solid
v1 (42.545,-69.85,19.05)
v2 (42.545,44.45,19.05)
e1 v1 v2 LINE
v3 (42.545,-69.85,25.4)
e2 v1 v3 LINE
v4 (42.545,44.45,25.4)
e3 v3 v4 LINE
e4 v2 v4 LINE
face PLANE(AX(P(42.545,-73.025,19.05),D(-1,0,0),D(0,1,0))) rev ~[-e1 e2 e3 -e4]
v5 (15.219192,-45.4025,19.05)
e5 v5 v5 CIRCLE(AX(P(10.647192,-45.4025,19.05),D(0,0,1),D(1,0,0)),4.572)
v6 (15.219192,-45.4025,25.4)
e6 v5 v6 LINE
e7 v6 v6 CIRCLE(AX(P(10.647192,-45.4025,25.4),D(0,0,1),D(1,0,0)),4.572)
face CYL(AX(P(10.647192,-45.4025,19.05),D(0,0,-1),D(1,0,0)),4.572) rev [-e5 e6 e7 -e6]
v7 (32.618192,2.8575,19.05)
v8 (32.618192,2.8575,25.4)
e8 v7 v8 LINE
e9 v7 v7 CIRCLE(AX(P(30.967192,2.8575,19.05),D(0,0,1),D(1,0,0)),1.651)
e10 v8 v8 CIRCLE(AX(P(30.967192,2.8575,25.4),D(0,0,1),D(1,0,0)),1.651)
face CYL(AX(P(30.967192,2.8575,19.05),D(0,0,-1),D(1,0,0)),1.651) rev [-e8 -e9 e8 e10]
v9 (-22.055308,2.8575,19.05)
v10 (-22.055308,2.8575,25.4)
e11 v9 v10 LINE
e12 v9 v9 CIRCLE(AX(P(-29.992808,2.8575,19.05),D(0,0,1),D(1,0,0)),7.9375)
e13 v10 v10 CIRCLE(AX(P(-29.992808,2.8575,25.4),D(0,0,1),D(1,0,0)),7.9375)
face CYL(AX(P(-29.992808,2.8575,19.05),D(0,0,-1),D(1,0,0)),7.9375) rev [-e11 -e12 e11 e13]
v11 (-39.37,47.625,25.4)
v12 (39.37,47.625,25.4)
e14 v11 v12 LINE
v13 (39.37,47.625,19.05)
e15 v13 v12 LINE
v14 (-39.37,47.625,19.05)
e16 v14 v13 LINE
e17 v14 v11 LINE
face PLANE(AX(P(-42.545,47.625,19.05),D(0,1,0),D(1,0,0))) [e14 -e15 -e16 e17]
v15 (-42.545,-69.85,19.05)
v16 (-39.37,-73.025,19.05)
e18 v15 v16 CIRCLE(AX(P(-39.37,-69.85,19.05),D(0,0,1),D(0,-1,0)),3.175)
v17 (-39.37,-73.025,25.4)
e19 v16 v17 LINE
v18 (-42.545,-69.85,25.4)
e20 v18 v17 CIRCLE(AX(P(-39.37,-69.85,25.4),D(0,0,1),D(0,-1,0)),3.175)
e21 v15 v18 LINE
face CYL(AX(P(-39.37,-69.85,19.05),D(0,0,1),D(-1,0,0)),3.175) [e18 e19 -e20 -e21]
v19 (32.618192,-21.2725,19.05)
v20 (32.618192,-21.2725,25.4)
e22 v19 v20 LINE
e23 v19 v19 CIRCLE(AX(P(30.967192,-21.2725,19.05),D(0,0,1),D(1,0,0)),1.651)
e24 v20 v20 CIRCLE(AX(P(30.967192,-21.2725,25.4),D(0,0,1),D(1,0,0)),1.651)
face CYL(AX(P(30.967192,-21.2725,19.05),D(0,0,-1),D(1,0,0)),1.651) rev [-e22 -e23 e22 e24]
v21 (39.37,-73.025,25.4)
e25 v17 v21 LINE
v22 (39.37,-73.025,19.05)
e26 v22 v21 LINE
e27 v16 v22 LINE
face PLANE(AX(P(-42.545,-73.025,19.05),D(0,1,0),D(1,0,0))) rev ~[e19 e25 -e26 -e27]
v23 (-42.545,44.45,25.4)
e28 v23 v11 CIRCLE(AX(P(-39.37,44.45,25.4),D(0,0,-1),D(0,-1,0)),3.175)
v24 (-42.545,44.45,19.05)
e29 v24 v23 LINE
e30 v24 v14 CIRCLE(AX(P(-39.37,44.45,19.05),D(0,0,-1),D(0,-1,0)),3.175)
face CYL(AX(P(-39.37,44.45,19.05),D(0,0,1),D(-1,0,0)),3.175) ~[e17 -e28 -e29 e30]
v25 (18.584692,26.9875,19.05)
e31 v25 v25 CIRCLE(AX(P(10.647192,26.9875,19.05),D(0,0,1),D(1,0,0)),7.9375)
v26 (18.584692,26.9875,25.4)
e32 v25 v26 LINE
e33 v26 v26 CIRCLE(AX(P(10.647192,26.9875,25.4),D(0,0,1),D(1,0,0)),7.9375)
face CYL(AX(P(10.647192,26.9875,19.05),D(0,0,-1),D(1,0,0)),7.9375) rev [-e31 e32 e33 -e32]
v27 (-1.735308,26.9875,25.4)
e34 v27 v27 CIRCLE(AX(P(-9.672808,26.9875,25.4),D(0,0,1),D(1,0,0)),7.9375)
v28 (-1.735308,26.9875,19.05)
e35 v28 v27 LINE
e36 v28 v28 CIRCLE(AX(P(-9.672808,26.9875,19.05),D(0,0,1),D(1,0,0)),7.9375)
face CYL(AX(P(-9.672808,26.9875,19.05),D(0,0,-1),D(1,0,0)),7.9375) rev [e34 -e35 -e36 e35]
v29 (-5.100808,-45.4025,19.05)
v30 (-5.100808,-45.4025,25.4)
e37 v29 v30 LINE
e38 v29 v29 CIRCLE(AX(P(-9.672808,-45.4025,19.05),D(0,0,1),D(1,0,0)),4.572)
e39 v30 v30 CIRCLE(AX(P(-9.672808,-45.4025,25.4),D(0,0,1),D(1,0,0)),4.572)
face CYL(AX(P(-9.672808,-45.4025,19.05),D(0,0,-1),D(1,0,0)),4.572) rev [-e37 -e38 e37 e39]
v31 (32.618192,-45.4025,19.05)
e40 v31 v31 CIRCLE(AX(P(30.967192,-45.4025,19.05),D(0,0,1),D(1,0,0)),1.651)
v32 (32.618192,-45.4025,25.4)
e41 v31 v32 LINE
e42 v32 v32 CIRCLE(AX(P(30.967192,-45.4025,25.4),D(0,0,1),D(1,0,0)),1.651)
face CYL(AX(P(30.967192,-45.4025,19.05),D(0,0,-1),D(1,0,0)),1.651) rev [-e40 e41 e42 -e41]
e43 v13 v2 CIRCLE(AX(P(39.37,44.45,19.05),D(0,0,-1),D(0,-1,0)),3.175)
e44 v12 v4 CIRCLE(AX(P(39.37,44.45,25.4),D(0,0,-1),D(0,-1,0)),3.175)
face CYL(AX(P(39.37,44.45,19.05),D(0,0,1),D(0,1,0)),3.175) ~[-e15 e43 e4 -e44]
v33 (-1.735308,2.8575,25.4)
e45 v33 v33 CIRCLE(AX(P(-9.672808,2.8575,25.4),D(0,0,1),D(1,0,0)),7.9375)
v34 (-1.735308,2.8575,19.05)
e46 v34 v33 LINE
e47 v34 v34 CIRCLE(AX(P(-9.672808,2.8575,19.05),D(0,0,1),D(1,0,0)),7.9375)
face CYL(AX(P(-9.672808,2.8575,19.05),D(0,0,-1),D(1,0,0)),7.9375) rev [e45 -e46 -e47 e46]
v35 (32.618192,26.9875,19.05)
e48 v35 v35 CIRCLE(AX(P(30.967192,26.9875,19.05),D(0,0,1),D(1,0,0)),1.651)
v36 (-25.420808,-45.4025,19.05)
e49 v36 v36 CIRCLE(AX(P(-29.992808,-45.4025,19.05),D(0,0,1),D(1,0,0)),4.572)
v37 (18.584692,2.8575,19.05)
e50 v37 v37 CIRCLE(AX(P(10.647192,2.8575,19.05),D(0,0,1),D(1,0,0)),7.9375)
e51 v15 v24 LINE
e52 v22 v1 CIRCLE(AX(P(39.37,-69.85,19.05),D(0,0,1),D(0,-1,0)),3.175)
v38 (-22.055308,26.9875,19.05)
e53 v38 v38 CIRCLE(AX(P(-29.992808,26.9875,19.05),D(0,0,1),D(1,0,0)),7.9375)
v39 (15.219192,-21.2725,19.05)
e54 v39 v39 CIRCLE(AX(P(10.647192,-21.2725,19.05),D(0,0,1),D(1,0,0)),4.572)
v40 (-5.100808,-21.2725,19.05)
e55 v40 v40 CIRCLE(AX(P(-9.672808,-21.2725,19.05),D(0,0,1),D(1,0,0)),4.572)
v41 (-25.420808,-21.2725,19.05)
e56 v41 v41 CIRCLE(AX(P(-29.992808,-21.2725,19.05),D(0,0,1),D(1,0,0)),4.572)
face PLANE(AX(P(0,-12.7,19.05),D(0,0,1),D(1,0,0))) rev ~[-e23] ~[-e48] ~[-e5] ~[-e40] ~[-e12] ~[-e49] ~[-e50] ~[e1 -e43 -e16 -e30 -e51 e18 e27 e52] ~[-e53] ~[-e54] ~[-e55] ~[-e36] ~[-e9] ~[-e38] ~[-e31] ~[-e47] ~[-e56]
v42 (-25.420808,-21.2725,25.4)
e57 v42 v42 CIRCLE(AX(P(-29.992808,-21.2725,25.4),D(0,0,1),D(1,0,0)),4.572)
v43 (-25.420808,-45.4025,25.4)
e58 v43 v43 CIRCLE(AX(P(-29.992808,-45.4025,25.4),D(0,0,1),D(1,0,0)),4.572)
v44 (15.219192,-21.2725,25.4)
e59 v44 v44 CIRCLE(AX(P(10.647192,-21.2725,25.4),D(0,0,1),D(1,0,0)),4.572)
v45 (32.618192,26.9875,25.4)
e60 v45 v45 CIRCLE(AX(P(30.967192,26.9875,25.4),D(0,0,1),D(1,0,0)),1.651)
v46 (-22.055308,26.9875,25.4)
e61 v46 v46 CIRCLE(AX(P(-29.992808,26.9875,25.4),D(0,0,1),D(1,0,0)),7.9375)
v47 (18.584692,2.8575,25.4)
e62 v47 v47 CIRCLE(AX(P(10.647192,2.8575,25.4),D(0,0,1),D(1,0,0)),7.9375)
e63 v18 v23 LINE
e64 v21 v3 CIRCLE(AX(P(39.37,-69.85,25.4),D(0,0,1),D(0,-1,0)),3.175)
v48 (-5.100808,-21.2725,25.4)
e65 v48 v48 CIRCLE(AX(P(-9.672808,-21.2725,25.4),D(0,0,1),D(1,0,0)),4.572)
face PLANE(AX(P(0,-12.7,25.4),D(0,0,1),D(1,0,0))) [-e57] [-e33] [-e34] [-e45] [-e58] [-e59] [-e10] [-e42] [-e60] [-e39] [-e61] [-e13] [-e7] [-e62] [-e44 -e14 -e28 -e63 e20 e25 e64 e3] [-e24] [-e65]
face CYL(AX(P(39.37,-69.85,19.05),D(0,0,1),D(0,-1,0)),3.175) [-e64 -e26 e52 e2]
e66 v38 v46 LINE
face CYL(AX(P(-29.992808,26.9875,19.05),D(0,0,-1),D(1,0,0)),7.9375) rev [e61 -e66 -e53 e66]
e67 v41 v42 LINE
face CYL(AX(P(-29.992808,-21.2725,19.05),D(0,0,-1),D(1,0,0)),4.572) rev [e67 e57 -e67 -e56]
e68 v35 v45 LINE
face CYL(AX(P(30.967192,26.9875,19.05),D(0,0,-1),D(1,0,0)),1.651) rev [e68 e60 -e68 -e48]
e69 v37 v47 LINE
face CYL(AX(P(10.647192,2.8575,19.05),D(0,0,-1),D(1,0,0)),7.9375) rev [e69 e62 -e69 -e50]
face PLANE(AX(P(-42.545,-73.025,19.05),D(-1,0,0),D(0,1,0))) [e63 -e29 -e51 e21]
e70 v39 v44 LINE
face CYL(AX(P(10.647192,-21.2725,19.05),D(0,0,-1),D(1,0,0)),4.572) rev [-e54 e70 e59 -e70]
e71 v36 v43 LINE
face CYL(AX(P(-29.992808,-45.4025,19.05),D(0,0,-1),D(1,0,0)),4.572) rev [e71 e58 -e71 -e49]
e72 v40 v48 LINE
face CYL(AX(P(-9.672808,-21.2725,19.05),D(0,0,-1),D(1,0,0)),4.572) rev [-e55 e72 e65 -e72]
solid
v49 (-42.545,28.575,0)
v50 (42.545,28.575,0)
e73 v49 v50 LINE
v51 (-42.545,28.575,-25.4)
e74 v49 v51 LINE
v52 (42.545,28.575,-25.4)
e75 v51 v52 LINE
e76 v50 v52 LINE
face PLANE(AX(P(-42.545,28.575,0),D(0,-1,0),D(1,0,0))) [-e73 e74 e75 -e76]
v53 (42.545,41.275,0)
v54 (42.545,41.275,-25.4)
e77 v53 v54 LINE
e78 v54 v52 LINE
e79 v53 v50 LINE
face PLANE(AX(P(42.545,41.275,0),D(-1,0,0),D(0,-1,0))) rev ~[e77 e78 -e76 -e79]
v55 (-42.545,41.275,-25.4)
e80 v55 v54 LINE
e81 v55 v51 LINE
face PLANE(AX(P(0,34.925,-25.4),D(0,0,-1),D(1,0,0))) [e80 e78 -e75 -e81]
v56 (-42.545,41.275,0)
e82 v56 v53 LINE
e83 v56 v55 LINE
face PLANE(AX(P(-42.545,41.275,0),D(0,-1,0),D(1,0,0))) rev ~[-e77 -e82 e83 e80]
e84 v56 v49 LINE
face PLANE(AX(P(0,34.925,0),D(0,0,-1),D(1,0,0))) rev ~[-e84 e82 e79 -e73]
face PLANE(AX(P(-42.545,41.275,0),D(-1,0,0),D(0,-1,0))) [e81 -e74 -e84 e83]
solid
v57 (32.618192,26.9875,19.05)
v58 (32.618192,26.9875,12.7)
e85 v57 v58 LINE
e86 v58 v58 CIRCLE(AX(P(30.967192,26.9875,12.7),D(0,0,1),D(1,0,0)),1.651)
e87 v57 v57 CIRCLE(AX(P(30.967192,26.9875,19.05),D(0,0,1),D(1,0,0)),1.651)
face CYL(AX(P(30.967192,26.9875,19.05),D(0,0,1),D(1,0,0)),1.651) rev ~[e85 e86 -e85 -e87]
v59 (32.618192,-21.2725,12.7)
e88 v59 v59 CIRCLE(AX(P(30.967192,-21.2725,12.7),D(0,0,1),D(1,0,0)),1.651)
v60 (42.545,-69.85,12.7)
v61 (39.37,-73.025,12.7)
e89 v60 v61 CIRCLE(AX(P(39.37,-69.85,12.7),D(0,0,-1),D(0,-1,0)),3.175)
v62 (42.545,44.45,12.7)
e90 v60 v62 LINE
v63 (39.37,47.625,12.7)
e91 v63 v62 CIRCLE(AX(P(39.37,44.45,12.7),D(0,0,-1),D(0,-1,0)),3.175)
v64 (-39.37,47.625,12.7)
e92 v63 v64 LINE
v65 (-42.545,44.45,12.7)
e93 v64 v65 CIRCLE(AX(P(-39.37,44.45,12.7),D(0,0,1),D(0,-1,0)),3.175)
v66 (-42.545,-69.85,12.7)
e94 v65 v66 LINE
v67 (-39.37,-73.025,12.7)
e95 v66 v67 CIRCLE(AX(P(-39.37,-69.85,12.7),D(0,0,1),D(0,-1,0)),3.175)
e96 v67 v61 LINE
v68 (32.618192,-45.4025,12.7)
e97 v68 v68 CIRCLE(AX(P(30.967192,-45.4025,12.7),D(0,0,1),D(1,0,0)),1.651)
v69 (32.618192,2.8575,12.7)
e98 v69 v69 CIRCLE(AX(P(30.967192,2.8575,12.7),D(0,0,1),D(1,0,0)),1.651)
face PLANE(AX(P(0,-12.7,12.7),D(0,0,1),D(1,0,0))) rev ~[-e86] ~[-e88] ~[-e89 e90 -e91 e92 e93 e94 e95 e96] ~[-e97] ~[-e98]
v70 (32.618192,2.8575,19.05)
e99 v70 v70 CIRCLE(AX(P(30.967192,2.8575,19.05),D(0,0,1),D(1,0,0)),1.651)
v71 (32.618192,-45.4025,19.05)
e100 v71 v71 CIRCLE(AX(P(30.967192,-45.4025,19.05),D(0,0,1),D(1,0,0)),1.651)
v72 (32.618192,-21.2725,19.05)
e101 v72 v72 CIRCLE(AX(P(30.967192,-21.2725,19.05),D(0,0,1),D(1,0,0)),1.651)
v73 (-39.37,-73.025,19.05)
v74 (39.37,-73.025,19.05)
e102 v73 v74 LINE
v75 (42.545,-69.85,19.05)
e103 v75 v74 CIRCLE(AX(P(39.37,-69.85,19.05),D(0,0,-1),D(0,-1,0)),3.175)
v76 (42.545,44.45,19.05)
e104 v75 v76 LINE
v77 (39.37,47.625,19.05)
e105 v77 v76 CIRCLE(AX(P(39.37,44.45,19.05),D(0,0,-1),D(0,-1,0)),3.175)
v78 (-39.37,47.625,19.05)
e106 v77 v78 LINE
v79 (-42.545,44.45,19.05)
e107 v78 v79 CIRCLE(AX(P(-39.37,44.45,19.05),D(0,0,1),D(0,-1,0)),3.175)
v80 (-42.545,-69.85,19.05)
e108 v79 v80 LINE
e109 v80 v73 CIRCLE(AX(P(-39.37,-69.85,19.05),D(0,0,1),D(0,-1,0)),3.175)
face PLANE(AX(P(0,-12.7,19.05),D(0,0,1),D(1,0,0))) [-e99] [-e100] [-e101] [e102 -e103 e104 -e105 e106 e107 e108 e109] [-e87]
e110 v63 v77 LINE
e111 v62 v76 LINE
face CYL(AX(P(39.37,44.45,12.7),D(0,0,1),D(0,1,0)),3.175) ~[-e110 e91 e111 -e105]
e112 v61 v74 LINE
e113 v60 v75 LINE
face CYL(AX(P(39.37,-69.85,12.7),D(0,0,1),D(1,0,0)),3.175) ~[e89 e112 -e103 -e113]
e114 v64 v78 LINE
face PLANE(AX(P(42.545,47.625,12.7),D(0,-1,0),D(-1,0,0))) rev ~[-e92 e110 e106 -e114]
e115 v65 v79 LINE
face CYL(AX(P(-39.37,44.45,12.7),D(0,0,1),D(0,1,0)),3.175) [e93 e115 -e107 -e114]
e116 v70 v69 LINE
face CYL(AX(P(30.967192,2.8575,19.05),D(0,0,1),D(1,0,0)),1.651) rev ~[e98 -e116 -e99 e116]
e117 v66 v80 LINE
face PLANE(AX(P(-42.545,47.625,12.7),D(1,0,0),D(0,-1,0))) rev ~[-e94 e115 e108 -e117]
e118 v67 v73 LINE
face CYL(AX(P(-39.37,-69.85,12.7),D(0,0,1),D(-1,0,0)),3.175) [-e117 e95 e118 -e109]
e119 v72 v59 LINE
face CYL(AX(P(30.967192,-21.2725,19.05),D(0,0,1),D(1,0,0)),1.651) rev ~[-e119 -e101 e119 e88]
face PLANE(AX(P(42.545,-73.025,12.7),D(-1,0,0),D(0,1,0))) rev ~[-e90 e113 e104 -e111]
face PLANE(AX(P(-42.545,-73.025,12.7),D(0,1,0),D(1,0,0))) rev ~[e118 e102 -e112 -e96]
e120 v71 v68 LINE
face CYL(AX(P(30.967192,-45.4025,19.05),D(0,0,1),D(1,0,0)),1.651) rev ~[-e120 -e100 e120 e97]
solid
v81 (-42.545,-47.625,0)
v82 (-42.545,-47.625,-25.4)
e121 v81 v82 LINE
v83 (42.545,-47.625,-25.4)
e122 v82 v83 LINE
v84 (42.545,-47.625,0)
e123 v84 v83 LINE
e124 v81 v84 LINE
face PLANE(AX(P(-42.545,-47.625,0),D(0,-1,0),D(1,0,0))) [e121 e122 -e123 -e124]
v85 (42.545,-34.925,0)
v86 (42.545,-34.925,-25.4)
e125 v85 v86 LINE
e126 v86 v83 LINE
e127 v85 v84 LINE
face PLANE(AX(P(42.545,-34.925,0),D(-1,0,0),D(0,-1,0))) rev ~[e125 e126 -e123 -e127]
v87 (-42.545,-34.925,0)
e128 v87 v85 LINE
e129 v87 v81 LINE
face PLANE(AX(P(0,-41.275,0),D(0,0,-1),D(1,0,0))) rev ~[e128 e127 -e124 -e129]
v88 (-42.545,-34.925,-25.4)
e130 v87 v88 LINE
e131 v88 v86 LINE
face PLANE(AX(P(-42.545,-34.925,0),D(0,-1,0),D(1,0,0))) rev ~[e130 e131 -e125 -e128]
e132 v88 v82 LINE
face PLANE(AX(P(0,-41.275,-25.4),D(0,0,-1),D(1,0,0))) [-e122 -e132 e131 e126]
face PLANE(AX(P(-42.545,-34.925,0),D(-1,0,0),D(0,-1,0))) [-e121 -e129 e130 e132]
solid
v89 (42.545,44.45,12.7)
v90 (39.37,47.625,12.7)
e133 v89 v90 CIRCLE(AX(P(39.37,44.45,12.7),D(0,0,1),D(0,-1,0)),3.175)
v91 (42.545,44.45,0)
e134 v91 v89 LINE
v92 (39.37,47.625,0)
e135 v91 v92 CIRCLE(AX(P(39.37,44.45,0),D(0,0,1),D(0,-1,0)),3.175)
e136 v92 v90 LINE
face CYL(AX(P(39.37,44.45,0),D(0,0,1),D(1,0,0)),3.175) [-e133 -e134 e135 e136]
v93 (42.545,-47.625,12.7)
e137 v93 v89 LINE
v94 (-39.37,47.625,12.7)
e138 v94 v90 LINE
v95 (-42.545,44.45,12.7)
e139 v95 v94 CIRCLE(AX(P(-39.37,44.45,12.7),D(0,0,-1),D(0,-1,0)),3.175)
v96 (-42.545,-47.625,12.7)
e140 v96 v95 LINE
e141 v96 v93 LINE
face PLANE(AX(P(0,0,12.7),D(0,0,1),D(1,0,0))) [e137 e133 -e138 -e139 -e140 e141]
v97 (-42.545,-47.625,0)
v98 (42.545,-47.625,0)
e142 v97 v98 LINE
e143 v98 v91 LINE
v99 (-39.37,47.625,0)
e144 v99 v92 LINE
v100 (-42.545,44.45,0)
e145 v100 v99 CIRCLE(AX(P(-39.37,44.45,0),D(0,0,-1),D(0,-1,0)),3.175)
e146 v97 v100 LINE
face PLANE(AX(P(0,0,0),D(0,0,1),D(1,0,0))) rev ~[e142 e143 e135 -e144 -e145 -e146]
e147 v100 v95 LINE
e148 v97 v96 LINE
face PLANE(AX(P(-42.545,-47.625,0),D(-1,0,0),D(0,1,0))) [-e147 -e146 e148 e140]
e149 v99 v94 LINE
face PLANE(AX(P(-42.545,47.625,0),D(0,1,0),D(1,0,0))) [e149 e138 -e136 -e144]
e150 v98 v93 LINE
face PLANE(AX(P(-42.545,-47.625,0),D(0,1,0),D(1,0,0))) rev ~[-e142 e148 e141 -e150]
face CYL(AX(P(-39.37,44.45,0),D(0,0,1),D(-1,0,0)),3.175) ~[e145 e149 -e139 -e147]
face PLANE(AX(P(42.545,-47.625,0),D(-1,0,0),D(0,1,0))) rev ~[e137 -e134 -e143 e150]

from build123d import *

# Parameters (mm, degrees)
F0_W     = 85.09
F0_H     = 95.25
F1_DEPTH = 12.7
F3_DEPTH = 6.35
F4_W     = 85.09
F4_H     = 12.7
F5_DEPTH = 25.4
F6_W     = 85.09
F6_H     = 120.65
F6_R     = 4.572
F6_R_2   = 1.651
F6_R_3   = 7.9375
F7_DEPTH = 6.35
F8_R     = 1.651
F9_DEPTH = 25.4
F10_R    = 3.175
F10_2_R  = 3.175
F10_3_R  = 3.175


with BuildPart() as f1:
    # F0 (on Top) → F1 (new body)
    with BuildSketch(Plane.XY):
        Rectangle(F0_W, F0_H)
    extrude(amount=F1_DEPTH)

    # F10#3
    f10_3_edges = [f1.edges().sort_by_distance(p)[0] for p in [
        (42.545, 47.625, 6.35),
        (-42.545, 47.625, 6.35),
    ]]
    fillet(f10_3_edges, radius=F10_3_R)


with BuildPart() as f3:
    # F2 (on face) → F3 (new body)
    with BuildSketch(Plane.XY.offset(12.7)):
        Polygon((42.545, 47.625), (-42.545, 47.625), (-42.545, -73.025), (-36.195, -73.025), (-21.971, -73.025), (-7.112, -73.025), (7.112, -73.025), (21.971, -73.025), (36.195, -73.025), (42.545, -73.025), align=None)
    extrude(amount=F3_DEPTH)

    # F8 (on face) → F9 (cut)
    with BuildSketch(Plane.XY.offset(19.05)):
        with Locations((30.9671923435, -45.4025)):
            Circle(F8_R)
        with Locations((30.9671923435, -21.2725)):
            Circle(F8_R)
        with Locations((30.9671923435, 2.8575)):
            Circle(F8_R)
        with Locations((30.9671923435, 26.9875)):
            Circle(F8_R)
    extrude(amount=-F9_DEPTH, mode=Mode.SUBTRACT)

    # F10#2
    f10_2_edges = [f3.edges().sort_by_distance(p)[0] for p in [
        (42.545, -73.025, 15.875),
        (42.545, 47.625, 15.875),
        (-42.545, 47.625, 15.875),
        (-42.545, -73.025, 15.875),
    ]]
    fillet(f10_2_edges, radius=F10_2_R)


with BuildPart() as f5:
    # F4 (on face) → F5 (new body)
    with BuildSketch(Plane(origin=(0, 0, 0), x_dir=(1, 0, 0), z_dir=(0, 0, -1))):
        with Locations((0, 41.275)):
            Rectangle(F4_W, F4_H)
    extrude(amount=F5_DEPTH)


with BuildPart() as f5b:
    # F4 (on face) → F5, piece 2 (new body)
    with BuildSketch(Plane(origin=(0, 0, 0), x_dir=(1, 0, 0), z_dir=(0, 0, -1))):
        with Locations((0, -34.925)):
            Rectangle(F4_W, F4_H)
    extrude(amount=F5_DEPTH)


with BuildPart() as f7:
    # F6 (on face) → F7 (new body)
    with BuildSketch(Plane.XY.offset(19.05)):
        with Locations((0, -12.7)):
            Rectangle(F6_W, F6_H)
        with Locations((-29.9928076565, -45.4025)):
            Circle(F6_R, mode=Mode.SUBTRACT)
        with Locations((-9.6728076565, -45.4025)):
            Circle(F6_R, mode=Mode.SUBTRACT)
        with Locations((-29.9928076565, -21.2725)):
            Circle(F6_R, mode=Mode.SUBTRACT)
        with Locations((-9.6728076565, -21.2725)):
            Circle(F6_R, mode=Mode.SUBTRACT)
        with Locations((10.6471923435, -45.4025)):
            Circle(F6_R, mode=Mode.SUBTRACT)
        with Locations((30.9671923435, -45.4025)):
            Circle(F6_R_2, mode=Mode.SUBTRACT)
        with Locations((10.6471923435, -21.2725)):
            Circle(F6_R, mode=Mode.SUBTRACT)
        with Locations((30.9671923435, -21.2725)):
            Circle(F6_R_2, mode=Mode.SUBTRACT)
        with Locations((-29.9928076565, 2.8575)):
            Circle(F6_R_3, mode=Mode.SUBTRACT)
        with Locations((-9.6728076565, 2.8575)):
            Circle(F6_R_3, mode=Mode.SUBTRACT)
        with Locations((-29.9928076565, 26.9875)):
            Circle(F6_R_3, mode=Mode.SUBTRACT)
        with Locations((-9.6728076565, 26.9875)):
            Circle(F6_R_3, mode=Mode.SUBTRACT)
        with Locations((10.6471923435, 2.8575)):
            Circle(F6_R_3, mode=Mode.SUBTRACT)
        with Locations((30.9671923435, 2.8575)):
            Circle(F6_R_2, mode=Mode.SUBTRACT)
        with Locations((10.6471923435, 26.9875)):
            Circle(F6_R_3, mode=Mode.SUBTRACT)
        with Locations((30.9671923435, 26.9875)):
            Circle(F6_R_2, mode=Mode.SUBTRACT)
    extrude(amount=F7_DEPTH)

    # F10
    f10_edges = [f7.edges().sort_by_distance(p)[0] for p in [
        (42.545, -73.025, 22.225),
        (42.545, 47.625, 22.225),
        (-42.545, -73.025, 22.225),
        (-42.545, 47.625, 22.225),
    ]]
    fillet(f10_edges, radius=F10_R)


solid = Compound([f1.part, f3.part, f5.part, f5b.part, f7.part])
